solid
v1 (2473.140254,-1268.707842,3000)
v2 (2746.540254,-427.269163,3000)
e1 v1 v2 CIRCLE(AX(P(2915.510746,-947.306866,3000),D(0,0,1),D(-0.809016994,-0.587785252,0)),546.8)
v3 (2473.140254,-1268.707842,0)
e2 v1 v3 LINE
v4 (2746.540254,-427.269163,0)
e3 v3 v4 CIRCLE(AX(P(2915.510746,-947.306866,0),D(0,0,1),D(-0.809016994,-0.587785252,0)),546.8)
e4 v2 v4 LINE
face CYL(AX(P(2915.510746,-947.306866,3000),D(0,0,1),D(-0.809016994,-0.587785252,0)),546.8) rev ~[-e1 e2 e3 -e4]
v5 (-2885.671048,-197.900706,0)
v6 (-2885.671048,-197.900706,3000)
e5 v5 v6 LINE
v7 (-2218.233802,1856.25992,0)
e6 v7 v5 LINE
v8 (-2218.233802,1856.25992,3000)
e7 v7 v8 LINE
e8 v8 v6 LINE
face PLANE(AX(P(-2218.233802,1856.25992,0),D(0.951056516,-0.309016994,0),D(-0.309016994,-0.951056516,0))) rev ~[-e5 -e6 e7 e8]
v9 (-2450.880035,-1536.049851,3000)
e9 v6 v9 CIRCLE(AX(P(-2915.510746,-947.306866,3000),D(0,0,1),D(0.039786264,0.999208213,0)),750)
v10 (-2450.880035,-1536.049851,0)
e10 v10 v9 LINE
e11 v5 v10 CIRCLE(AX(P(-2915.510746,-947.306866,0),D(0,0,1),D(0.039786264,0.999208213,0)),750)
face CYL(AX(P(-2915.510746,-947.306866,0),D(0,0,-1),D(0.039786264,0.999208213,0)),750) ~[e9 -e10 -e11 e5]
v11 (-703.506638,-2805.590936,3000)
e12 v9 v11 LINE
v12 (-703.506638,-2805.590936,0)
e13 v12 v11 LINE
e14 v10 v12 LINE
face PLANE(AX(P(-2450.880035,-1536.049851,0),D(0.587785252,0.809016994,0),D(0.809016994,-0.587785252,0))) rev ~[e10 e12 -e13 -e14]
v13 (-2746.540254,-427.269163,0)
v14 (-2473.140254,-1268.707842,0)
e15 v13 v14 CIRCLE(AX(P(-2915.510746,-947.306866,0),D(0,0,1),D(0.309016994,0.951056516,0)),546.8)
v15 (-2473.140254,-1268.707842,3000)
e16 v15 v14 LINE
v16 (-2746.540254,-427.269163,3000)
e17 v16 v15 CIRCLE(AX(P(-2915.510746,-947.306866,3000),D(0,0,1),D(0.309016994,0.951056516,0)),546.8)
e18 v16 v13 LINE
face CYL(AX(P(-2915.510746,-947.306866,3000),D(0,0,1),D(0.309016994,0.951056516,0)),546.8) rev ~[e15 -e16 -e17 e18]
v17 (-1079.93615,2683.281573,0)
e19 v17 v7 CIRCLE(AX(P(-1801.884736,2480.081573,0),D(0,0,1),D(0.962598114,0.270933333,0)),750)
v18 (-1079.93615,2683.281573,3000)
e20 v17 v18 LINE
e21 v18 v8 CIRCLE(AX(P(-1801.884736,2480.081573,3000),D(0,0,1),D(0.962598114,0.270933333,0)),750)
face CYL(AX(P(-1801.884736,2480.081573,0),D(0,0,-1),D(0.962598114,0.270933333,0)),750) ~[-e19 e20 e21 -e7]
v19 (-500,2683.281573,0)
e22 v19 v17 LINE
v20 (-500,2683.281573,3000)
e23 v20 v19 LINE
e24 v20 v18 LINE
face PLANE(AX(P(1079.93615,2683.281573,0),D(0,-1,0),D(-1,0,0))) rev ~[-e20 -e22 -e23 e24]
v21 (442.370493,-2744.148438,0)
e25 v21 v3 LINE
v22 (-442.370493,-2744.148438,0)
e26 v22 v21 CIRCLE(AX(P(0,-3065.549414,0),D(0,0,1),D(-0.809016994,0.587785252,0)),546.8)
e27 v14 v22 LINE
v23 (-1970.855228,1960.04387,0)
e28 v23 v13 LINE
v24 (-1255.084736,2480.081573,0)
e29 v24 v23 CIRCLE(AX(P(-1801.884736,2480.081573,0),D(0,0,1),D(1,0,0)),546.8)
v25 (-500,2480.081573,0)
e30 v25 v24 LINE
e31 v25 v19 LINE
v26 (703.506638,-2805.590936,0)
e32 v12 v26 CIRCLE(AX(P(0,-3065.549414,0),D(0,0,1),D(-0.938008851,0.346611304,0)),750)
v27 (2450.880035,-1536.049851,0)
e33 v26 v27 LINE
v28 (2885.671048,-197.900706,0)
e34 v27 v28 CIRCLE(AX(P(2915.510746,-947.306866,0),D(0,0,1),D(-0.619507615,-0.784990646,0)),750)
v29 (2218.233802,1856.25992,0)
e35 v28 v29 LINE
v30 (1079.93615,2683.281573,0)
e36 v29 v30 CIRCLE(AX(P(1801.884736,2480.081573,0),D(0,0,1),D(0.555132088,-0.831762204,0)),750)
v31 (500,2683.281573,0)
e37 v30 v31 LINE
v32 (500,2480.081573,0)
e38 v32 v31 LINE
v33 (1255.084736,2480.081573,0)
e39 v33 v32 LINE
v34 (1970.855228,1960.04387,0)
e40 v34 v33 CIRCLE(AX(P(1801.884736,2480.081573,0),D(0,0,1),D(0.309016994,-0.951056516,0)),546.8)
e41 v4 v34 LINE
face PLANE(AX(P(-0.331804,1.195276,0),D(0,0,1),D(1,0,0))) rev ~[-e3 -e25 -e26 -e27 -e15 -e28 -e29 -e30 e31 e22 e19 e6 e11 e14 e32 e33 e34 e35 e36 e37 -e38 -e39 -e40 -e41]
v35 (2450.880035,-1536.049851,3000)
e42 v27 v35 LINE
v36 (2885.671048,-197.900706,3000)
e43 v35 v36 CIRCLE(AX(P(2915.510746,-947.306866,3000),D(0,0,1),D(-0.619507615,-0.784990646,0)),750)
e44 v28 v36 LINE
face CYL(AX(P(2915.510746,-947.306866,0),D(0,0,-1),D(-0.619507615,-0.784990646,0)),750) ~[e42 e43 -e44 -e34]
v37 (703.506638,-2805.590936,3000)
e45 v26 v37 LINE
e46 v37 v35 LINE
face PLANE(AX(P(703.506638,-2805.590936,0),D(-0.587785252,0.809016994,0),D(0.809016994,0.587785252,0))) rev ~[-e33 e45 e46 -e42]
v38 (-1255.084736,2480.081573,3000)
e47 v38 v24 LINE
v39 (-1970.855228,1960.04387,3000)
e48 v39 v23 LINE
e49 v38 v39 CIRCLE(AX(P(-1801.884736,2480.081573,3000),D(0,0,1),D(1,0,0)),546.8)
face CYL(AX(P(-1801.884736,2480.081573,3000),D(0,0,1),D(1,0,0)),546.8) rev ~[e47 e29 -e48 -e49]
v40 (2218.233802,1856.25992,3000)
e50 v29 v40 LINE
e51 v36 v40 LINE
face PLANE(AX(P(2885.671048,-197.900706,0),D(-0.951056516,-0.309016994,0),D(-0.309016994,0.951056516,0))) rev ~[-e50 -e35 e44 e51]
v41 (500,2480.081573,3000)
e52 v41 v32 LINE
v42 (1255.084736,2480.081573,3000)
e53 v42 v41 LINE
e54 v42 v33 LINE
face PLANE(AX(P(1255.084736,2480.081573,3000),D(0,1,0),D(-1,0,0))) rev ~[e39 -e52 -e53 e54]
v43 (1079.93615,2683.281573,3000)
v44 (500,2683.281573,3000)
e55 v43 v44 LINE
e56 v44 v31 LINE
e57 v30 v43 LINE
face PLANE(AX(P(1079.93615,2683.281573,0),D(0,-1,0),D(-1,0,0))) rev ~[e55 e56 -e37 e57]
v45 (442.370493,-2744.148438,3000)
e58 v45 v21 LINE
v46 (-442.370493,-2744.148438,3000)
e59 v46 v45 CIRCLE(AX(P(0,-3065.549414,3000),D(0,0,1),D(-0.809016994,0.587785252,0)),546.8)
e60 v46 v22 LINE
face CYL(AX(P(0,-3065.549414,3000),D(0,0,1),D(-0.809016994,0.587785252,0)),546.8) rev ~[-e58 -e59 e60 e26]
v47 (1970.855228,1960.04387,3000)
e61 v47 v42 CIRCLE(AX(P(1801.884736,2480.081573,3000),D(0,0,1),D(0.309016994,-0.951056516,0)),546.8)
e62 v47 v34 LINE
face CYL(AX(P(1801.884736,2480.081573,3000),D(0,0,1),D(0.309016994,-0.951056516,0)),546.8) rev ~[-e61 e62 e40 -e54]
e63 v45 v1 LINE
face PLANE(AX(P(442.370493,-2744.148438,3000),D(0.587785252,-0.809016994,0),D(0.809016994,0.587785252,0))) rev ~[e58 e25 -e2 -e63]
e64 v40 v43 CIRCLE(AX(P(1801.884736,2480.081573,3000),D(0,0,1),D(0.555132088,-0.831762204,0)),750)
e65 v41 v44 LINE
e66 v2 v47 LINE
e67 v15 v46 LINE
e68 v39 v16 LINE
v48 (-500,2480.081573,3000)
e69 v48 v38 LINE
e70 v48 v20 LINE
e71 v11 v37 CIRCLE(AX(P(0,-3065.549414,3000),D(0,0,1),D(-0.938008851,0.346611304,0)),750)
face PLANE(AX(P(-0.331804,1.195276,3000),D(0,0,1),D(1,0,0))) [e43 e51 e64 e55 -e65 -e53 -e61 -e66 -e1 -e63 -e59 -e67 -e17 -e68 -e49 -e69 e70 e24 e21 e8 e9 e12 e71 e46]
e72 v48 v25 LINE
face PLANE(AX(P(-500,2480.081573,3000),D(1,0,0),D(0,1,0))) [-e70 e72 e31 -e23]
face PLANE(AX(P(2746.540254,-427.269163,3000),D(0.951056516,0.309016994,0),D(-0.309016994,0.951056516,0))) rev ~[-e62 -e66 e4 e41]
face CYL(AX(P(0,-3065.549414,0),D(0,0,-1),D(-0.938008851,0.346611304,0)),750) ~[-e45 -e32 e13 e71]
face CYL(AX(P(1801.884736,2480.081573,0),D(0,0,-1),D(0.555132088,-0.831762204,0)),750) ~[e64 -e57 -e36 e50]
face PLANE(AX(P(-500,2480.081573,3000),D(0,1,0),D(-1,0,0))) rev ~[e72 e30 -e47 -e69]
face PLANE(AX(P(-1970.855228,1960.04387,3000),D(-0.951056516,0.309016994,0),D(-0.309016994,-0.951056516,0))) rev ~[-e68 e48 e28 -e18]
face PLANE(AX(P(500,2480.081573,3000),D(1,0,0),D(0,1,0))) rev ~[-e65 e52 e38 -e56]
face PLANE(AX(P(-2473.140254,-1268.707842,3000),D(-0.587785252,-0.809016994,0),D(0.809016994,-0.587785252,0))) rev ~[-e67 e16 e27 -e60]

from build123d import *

# Parameters (mm, degrees)
F1_DEPTH = 3000
F2_W     = 1000
F2_H     = 203.2
F3_DEPTH = 3000


with BuildPart() as f1:
    # F0 (on Top) → F1 (new body)
    with BuildSketch(Plane.XY):
        with BuildLine():
            Line((1079.9361502798, 2683.2815729997), (-1079.9361502798, 2683.2815729997))
            ThreePointArc((-1079.9361502798, 2683.2815729997), (-1058.9306862965, 2582.6451165466), (-1051.8847357067, 2480.0815729997))
            ThreePointArc((-1051.8847357067, 2480.0815729997), (-1448.1629520651, 1818.7337826675), (-2218.2338017798, 1856.2599196563))
            Line((-2218.2338017798, 1856.2599196563), (-2885.6710483324, -197.9007061562))
            ThreePointArc((-2885.6710483324, -197.9007061562), (-2374.7336324903, -427.6337829065), (-2165.5107461831, -947.3068660136))
            ThreePointArc((-2165.5107461831, -947.3068660136), (-2240.6133341429, -1274.4360197456), (-2450.8800347736, -1536.049850698))
            Line((-2450.8800347736, -1536.049850698), (-703.5066379412, -2805.5909358019))
            ThreePointArc((-703.5066379412, -2805.5909358019), (0, -2315.5494139723), (703.5066379412, -2805.5909358019))
            Line((703.5066379412, -2805.5909358019), (2450.8800347736, -1536.049850698))
            ThreePointArc((2450.8800347736, -1536.049850698), (2202.2183589618, -715.5441202324), (2885.6710483324, -197.9007061562))
            Line((2885.6710483324, -197.9007061562), (2218.2338017798, 1856.2599196563))
            ThreePointArc((2218.2338017798, 1856.2599196563), (1361.0457964874, 1873.3188272185), (1079.9361502798, 2683.2815729998))
        make_face()
        with BuildLine():
            Line((0, -3316.7184270003), (-703.5066379412, -2805.5909358019))
            ThreePointArc((-703.5066379412, -2805.5909358019), (-132.0417008829, -3803.8345819311), (750, -3065.5494139723))
            ThreePointArc((750, -3065.5494139723), (738.2851679588, -2933.5077130894), (703.5066379412, -2805.5909358019))
            Line((703.5066379412, -2805.5909358019), (0, -3316.7184270003))
        make_face()
        with BuildLine():
            Line((-3154.3866727148, -1024.9223594996), (-2885.6710483324, -197.9007061562))
            ThreePointArc((-2885.6710483324, -197.9007061562), (-3628.8031334045, -1179.0696117948), (-2450.8800347736, -1536.049850698))
            Line((-2450.8800347736, -1536.049850698), (-3154.3866727148, -1024.9223594996))
        make_face()
        with BuildLine():
            ThreePointArc((-2165.5107461831, -947.3068660136), (-2374.7336324903, -427.6337829065), (-2885.6710483324, -197.9007061562))
            Line((-2885.6710483324, -197.9007061562), (-3154.3866727148, -1024.9223594996))
            Line((-3154.3866727148, -1024.9223594996), (-2450.8800347736, -1536.049850698))
            ThreePointArc((-2450.8800347736, -1536.049850698), (-2240.6133341429, -1274.4360197456), (-2165.5107461831, -947.3068660136))
        make_face()
        with BuildLine():
            Line((-1079.9361502798, 2683.2815729997), (-1949.5181773974, 2683.2815729997))
            Line((-1949.5181773974, 2683.2815729997), (-2218.2338017798, 1856.2599196563))
            ThreePointArc((-2218.2338017798, 1856.2599196563), (-1448.1629520651, 1818.7337826675), (-1051.8847357067, 2480.0815729997))
            ThreePointArc((-1051.8847357067, 2480.0815729997), (-1058.9306862965, 2582.6451165466), (-1079.9361502798, 2683.2815729997))
        make_face()
        with BuildLine():
            Line((-2218.2338017798, 1856.2599196563), (-1949.5181773974, 2683.2815729997))
            Line((-1949.5181773974, 2683.2815729997), (-1079.9361502798, 2683.2815729997))
            ThreePointArc((-1079.9361502798, 2683.2815729997), (-2242.7236749261, 3086.844318781), (-2218.2338017798, 1856.2599196563))
        make_face()
        with BuildLine():
            Line((1949.5181773974, 2683.2815729997), (1079.9361502798, 2683.2815729997))
            ThreePointArc((1079.9361502798, 2683.2815729998), (1361.0457964874, 1873.3188272185), (2218.2338017798, 1856.2599196563))
            Line((2218.2338017798, 1856.2599196563), (1949.5181773974, 2683.2815729997))
        make_face()
        with BuildLine():
            ThreePointArc((2551.8847357067, 2480.0815729997), (1904.4482792536, 3223.03562241), (1079.9361502798, 2683.2815729998))
            Line((1079.9361502798, 2683.2815729997), (1949.5181773974, 2683.2815729997))
            Line((1949.5181773974, 2683.2815729997), (2218.2338017798, 1856.2599196563))
            ThreePointArc((2218.2338017798, 1856.2599196563), (2463.232526039, 2126.3597893581), (2551.8847357067, 2480.0815729997))
        make_face()
        with BuildLine():
            Line((3154.3866727148, -1024.9223594996), (2885.6710483324, -197.9007061562))
            ThreePointArc((2885.6710483324, -197.9007061562), (2202.2183589618, -715.5441202324), (2450.8800347736, -1536.049850698))
            Line((2450.8800347736, -1536.049850698), (3154.3866727148, -1024.9223594996))
        make_face()
        with BuildLine():
            ThreePointArc((3665.5107461831, -947.3068660136), (3435.1838292902, -406.5297523207), (2885.6710483324, -197.9007061562))
            Line((2885.6710483324, -197.9007061562), (3154.3866727148, -1024.9223594996))
            Line((3154.3866727148, -1024.9223594996), (2450.8800347736, -1536.049850698))
            ThreePointArc((2450.8800347736, -1536.049850698), (3242.6398999152, -1622.2042780538), (3665.5107461831, -947.3068660136))
        make_face()
        with BuildLine():
            ThreePointArc((703.5066379412, -2805.5909358019), (0, -2315.5494139723), (-703.5066379412, -2805.5909358019))
            Line((-703.5066379412, -2805.5909358019), (0, -3316.7184270003))
            Line((0, -3316.7184270003), (703.5066379412, -2805.5909358019))
        make_face()
    extrude(amount=F1_DEPTH)

    # F2 (on face) → F3 (cut)
    with BuildSketch(Plane.XY.offset(3000)):
        with BuildLine():
            Line((500, 2480.0815729997), (-500, 2480.0815729997))
            Line((-500, 2480.0815729997), (-1255.0847357067, 2480.0815729997))
            ThreePointArc((-1255.0847357067, 2480.0815729997), (-2123.2857116603, 2922.452065524), (-1970.855228231, 1960.0438698896))
            Line((-1970.855228231, 1960.0438698896), (-2746.5402536589, -427.2691629034))
            ThreePointArc((-2746.5402536589, -427.2691629034), (-3435.5484492933, -1116.2773585378), (-2473.1402536589, -1268.7078419671))
            Line((-2473.1402536589, -1268.7078419671), (-442.3704925242, -2744.1484380188))
            ThreePointArc((-442.3704925242, -2744.1484380188), (0, -3612.3494139723), (442.3704925242, -2744.1484380188))
            Line((442.3704925242, -2744.1484380188), (2473.1402536589, -1268.7078419671))
            ThreePointArc((2473.1402536589, -1268.7078419671), (3435.5484492933, -1116.2773585378), (2746.5402536589, -427.2691629034))
            Line((2746.5402536589, -427.2691629034), (1970.855228231, 1960.0438698896))
            ThreePointArc((1970.855228231, 1960.0438698896), (2123.2857116603, 2922.452065524), (1255.0847357067, 2480.0815729997))
            Line((1255.0847357067, 2480.0815729997), (500, 2480.0815729997))
        make_face()
        with Locations((0, 2581.6815729997)):
            Rectangle(F2_W, F2_H)
    extrude(amount=-F3_DEPTH, mode=Mode.SUBTRACT)


solid = f1.part
